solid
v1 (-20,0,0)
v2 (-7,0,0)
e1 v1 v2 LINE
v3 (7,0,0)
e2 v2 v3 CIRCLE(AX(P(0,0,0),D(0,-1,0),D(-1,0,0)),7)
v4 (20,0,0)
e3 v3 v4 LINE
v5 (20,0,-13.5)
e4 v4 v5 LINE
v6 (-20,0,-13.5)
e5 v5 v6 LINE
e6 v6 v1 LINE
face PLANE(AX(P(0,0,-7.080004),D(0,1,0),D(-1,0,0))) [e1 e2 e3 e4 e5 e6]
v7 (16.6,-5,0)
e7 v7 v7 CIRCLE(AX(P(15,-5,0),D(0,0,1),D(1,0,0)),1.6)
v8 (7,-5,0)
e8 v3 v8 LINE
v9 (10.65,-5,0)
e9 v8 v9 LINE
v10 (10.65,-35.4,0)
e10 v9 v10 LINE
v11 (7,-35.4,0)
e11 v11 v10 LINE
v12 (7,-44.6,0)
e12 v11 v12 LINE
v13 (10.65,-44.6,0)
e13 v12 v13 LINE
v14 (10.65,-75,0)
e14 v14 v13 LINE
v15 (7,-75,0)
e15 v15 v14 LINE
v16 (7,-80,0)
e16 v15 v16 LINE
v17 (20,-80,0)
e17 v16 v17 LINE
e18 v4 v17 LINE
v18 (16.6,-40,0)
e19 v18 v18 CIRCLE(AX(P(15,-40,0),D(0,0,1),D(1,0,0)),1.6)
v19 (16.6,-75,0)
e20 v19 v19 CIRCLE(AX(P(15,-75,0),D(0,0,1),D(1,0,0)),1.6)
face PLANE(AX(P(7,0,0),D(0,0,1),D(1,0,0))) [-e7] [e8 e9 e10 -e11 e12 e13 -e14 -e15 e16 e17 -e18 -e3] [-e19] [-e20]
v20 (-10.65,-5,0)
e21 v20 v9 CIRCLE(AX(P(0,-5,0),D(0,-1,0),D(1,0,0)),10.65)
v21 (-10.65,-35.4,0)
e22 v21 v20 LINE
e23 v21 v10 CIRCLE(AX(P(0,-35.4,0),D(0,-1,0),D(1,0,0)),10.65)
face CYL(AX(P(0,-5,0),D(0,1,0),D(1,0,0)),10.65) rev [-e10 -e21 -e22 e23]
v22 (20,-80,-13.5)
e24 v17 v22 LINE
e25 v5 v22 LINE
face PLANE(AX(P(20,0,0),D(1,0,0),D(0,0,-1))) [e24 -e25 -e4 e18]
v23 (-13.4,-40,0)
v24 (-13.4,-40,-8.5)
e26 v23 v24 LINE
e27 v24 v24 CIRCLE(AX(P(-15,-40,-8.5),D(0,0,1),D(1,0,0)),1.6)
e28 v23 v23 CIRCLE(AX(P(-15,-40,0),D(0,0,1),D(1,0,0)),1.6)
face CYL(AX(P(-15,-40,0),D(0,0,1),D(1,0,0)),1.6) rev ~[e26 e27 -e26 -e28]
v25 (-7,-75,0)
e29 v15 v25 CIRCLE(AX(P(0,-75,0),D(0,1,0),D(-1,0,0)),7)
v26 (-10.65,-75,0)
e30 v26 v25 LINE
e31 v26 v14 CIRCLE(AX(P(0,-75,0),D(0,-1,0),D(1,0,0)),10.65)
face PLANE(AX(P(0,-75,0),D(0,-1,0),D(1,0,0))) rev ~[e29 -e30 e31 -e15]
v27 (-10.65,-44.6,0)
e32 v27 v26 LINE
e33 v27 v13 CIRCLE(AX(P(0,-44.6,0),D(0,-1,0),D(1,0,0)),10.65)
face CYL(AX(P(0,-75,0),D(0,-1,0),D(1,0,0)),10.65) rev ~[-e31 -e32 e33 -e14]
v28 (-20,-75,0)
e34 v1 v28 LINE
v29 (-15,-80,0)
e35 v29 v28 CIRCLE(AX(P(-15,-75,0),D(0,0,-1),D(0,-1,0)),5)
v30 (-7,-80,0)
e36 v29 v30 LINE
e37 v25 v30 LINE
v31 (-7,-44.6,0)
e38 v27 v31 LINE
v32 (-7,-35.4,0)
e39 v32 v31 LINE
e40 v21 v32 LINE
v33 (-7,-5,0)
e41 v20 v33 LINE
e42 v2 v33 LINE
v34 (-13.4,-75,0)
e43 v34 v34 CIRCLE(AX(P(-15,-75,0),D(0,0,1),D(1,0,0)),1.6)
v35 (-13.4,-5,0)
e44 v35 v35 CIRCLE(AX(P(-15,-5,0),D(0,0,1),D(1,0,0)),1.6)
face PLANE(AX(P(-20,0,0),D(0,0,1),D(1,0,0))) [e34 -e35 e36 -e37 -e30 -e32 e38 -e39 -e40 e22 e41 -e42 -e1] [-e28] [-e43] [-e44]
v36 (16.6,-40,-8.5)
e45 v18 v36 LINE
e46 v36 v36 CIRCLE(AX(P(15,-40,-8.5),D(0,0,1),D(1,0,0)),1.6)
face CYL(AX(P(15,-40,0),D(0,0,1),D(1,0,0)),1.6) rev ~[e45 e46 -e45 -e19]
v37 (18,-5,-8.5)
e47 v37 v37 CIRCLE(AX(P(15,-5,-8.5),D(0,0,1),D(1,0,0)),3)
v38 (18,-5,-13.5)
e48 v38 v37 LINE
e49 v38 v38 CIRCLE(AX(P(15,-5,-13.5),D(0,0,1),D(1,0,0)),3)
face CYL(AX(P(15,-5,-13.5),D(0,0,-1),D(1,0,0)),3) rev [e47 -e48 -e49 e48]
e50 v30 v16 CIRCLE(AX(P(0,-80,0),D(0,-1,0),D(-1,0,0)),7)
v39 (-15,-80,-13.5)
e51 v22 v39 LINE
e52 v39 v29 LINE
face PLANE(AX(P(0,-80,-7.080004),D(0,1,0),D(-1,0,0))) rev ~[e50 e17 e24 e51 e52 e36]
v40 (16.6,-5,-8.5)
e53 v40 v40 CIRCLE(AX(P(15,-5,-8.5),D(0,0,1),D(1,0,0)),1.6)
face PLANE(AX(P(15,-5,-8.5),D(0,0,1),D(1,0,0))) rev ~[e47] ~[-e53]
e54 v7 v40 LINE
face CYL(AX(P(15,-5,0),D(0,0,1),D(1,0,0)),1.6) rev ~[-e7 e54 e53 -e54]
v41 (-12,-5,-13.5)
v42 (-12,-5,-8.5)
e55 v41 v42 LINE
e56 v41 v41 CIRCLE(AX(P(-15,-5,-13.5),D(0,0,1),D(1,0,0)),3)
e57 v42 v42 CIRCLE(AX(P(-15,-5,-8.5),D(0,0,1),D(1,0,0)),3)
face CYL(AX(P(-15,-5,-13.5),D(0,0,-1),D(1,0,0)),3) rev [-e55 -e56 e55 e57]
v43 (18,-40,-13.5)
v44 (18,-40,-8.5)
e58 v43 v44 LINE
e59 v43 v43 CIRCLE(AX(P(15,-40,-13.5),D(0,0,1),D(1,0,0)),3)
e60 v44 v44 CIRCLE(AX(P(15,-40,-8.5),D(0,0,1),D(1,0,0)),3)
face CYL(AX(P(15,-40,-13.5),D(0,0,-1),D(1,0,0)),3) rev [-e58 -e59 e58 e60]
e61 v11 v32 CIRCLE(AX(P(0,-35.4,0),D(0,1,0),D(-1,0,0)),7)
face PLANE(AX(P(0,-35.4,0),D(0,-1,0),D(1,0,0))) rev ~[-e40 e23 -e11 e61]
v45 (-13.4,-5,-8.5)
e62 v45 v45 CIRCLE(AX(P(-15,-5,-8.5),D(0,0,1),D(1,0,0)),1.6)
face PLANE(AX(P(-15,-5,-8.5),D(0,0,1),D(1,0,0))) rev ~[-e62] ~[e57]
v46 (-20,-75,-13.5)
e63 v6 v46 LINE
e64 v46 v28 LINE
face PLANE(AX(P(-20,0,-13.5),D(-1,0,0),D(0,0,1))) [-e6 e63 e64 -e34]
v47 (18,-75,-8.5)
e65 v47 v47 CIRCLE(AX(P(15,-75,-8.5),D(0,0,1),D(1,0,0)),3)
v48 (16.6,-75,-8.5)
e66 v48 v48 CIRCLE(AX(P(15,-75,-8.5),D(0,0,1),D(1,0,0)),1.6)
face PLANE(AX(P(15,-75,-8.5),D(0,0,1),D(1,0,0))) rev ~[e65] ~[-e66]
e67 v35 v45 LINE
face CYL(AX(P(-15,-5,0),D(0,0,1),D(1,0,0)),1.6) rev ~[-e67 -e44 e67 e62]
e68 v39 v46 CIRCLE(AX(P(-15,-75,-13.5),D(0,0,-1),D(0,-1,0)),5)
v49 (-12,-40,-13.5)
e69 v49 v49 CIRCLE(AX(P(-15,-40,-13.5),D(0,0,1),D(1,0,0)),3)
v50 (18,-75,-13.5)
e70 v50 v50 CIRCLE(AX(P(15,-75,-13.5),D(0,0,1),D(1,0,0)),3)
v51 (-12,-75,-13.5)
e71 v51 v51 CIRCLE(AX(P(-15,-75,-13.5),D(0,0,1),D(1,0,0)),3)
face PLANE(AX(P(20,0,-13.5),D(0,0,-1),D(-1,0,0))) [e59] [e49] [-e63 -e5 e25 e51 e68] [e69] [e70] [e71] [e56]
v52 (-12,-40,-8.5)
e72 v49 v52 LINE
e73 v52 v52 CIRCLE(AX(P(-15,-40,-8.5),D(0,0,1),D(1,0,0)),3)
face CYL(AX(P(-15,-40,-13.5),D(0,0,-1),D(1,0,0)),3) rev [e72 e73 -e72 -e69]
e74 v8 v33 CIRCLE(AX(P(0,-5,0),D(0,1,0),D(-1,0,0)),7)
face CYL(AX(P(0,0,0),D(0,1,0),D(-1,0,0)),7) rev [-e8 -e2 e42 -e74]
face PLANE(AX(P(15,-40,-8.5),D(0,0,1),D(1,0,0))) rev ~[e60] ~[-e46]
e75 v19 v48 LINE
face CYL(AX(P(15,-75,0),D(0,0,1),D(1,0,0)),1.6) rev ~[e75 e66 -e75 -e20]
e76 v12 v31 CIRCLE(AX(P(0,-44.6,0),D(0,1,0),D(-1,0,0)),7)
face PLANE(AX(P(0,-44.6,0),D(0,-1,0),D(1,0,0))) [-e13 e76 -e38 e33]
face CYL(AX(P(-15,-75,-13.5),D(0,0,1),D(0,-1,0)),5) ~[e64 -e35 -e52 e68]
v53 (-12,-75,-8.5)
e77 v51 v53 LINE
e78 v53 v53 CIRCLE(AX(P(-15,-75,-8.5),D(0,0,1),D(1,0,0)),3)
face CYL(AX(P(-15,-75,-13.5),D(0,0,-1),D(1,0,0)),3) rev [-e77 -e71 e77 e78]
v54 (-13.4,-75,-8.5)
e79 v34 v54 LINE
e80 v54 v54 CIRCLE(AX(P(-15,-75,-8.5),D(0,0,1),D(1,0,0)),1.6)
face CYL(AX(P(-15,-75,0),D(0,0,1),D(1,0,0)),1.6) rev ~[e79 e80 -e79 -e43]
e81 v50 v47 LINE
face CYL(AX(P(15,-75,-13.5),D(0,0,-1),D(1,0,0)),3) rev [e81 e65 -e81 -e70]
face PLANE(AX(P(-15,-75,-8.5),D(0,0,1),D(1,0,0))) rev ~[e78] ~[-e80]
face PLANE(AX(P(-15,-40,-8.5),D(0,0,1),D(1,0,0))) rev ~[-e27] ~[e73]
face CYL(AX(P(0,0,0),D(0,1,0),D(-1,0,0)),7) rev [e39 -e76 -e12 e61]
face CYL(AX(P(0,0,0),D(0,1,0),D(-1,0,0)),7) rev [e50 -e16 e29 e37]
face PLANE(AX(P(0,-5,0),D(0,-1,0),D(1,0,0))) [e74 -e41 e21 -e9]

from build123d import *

# Parameters (mm, degrees)
PAD_DEPTH       = 80
SKETCH001_R     = 1.6
POCKET_DEPTH    = 13.501
SKETCH002_R     = 3
POCKET001_DEPTH = 5
SKETCH003_R     = 10.65
POCKET002_DEPTH = 30.4
SKETCH004_R     = 10.65
POCKET003_DEPTH = 30.4
FILLET_R        = 5


with BuildPart() as part:
    # Sketch → Pad (new body)
    with BuildSketch(Plane.XZ):
        with BuildLine():
            Line((20, 0), (20, -13.5))
            Line((20, -13.5), (-20, -13.5))
            Line((-20, -13.5), (-20, 0))
            Line((-20, 0), (-7, 0))
            ThreePointArc((-7, 0), (0, -7), (7, 0))
            Line((7, 0), (20, 0))
        make_face()
    extrude(amount=PAD_DEPTH)

    # Sketch001 → Pocket (cut, through all)
    with BuildSketch(Plane.XY):
        with Locations((-15, -5)):
            Circle(SKETCH001_R)
        with Locations((-15, -40)):
            Circle(SKETCH001_R)
        with Locations((-15, -75)):
            Circle(SKETCH001_R)
        with Locations((15, -5)):
            Circle(SKETCH001_R)
        with Locations((15, -40)):
            Circle(SKETCH001_R)
        with Locations((15, -75)):
            Circle(SKETCH001_R)
    extrude(amount=-POCKET_DEPTH, mode=Mode.SUBTRACT)

    # Sketch002 (on DatumPlane) → Pocket001 (cut)
    with BuildSketch(Plane.XY.offset(-13.5)):
        with Locations((-15, -5)):
            Circle(SKETCH002_R)
        with Locations((-15, -40)):
            Circle(SKETCH002_R)
        with Locations((-15, -75)):
            Circle(SKETCH002_R)
        with Locations((15, -5)):
            Circle(SKETCH002_R)
        with Locations((15, -40)):
            Circle(SKETCH002_R)
        with Locations((15, -75)):
            Circle(SKETCH002_R)
    extrude(amount=POCKET001_DEPTH, mode=Mode.SUBTRACT)

    # Sketch003 (on DatumPlane) → Pocket002 (cut)
    with BuildSketch(Plane.XZ.offset(5)):
        Circle(SKETCH003_R)
    extrude(amount=POCKET002_DEPTH, mode=Mode.SUBTRACT)

    # Sketch004 (on DatumPlane) → Pocket003 (cut)
    with BuildSketch(Plane.XZ.offset(75)):
        Circle(SKETCH004_R)
    extrude(amount=-POCKET003_DEPTH, mode=Mode.SUBTRACT)

    # Fillet
    fillet_edges = [part.edges().sort_by_distance(p)[0] for p in [
        (-20, -80, -6.75),
    ]]
    fillet(fillet_edges, radius=FILLET_R)


solid = part.part
